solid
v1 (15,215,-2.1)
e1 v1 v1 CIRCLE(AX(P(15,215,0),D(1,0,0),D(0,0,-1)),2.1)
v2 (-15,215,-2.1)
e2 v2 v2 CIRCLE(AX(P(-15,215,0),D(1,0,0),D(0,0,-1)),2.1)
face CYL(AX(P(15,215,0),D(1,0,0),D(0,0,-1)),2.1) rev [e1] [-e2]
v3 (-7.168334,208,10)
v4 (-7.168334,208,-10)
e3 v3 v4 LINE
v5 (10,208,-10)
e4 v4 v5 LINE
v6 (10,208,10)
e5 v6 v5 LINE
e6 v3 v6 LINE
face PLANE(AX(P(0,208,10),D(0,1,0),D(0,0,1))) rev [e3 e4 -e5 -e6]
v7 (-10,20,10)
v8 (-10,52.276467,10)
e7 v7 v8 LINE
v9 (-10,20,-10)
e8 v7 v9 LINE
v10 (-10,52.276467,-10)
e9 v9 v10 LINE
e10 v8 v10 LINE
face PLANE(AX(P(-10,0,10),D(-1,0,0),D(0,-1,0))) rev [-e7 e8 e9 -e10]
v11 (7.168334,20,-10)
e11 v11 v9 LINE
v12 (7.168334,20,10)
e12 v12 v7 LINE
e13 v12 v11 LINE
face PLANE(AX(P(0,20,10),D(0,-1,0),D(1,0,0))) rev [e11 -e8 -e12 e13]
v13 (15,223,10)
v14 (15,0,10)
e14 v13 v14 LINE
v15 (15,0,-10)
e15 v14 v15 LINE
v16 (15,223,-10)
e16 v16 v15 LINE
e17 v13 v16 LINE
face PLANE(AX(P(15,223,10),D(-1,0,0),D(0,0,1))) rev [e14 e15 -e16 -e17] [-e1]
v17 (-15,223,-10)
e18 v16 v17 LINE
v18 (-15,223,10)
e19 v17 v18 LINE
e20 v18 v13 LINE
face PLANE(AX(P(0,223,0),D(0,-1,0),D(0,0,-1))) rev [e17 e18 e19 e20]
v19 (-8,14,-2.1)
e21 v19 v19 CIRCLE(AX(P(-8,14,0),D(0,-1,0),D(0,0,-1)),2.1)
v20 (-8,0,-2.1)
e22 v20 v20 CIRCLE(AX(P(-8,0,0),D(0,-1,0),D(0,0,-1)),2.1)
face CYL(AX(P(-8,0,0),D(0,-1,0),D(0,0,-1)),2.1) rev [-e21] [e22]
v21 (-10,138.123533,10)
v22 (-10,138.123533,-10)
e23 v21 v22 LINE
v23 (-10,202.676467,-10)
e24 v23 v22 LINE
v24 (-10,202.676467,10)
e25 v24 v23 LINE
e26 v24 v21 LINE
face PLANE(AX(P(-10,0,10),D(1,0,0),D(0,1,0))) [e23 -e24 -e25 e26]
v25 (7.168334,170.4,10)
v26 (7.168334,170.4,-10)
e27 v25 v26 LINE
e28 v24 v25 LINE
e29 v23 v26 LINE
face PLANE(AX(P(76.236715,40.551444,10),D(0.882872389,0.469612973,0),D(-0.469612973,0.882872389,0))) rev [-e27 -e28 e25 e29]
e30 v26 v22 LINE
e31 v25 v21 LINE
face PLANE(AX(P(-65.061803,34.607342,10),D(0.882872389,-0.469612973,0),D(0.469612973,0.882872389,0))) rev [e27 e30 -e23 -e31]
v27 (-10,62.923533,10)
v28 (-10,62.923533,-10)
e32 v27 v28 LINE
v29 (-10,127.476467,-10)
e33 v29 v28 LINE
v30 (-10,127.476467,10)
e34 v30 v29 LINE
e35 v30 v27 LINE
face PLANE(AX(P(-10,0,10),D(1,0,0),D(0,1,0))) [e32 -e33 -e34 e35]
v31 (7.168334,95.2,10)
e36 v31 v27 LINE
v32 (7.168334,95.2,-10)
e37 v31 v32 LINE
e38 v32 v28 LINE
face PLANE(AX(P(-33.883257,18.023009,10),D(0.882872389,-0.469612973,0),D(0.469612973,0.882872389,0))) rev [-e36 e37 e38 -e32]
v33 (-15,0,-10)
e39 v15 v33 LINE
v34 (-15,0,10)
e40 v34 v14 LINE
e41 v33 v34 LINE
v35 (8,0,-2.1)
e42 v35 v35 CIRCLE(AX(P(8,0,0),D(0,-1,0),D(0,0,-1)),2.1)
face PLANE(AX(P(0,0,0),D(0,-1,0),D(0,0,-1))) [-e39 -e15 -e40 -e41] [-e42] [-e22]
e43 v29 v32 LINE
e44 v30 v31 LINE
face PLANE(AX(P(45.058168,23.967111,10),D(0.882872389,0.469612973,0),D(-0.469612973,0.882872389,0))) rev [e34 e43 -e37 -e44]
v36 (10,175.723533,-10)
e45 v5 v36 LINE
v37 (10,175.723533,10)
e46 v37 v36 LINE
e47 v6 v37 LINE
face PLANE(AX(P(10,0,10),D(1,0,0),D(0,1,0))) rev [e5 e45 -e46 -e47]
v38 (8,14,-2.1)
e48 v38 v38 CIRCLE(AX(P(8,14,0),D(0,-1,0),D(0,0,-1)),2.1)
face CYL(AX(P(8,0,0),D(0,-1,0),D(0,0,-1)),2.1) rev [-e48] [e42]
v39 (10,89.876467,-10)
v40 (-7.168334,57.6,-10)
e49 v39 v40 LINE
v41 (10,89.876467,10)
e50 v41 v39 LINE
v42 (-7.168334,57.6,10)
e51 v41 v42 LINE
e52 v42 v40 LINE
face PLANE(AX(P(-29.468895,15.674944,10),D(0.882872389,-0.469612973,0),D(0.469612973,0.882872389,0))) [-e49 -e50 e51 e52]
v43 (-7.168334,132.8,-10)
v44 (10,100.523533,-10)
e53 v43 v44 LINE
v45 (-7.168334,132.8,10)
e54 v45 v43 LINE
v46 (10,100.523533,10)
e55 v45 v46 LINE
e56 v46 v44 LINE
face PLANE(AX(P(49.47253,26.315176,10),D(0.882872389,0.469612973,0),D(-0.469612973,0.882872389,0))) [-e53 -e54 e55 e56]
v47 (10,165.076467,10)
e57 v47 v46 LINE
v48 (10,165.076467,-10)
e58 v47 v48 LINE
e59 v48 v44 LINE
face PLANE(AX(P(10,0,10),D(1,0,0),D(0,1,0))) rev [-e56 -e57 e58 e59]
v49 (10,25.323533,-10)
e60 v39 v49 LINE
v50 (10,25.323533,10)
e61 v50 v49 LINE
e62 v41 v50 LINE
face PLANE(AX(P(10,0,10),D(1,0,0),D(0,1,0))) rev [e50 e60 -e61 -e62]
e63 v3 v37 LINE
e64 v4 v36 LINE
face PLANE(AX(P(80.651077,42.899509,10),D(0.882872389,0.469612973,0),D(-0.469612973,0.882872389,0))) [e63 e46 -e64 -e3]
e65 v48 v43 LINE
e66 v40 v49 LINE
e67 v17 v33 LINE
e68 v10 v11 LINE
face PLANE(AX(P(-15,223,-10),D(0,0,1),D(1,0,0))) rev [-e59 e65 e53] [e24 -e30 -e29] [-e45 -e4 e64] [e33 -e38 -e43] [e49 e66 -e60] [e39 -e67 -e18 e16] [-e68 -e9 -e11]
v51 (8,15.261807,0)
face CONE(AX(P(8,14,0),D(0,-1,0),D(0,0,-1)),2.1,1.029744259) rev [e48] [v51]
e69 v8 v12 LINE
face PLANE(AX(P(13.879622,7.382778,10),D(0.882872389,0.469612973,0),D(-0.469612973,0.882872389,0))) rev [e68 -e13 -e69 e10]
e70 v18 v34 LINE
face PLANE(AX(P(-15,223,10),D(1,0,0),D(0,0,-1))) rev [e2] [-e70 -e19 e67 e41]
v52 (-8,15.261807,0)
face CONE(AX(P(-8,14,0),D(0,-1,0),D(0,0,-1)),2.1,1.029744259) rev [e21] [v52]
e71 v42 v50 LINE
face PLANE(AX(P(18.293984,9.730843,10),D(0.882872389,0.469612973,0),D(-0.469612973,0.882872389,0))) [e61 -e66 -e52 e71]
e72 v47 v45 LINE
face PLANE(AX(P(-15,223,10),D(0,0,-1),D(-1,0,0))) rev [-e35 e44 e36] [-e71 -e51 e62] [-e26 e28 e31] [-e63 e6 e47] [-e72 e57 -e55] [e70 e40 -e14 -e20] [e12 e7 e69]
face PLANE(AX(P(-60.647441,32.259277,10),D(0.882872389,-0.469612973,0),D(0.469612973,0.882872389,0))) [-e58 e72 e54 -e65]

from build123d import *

# Parameters (mm, degrees)
SKETCH_1_W             = 30
SKETCH_1_H             = 20
EXTRUDE_1_DEPTH        = 223
CUT_EXTRUDE_1_DEPTH    = 225.396969677
HOLE_WIZARD_M5_1_D     = 4.2
HOLE_WIZARD_M5_1_DEPTH = 14
HOLE_WIZARD_M5_1_TIP   = 1.2618073
HOLE_WIZARD_M5_2_D     = 4.2


with BuildPart() as part:
    # 草图1 → 凸台-拉伸1 (new body)
    with BuildSketch(Plane(origin=(0, 0, 0), x_dir=(1, 0, 0), z_dir=(0, 1, 0))):
        Rectangle(SKETCH_1_W, SKETCH_1_H)
    extrude(amount=EXTRUDE_1_DEPTH)

    # 草图2 → 切除-拉伸1 (cut, through all)
    with BuildSketch(Plane.XY.offset(-10)):
        Polygon((7.168333691, 20), (-10, 20), (-10, 52.276467338), align=None)
        Polygon((10, 89.876467338), (-7.168333691, 57.6), (10, 25.323532662), align=None)
        Polygon((-10, 127.476467338), (-10, 62.923532662), (7.168333691, 95.2), align=None)
        Polygon((10, 165.076467338), (-7.168333691, 132.8), (10, 100.523532662), align=None)
        Polygon((-10, 202.676467338), (-10, 138.123532662), (7.168333691, 170.4), align=None)
        Polygon((-7.168333691, 208), (10, 208), (10, 175.723532662), align=None)
    extrude(amount=CUT_EXTRUDE_1_DEPTH, mode=Mode.SUBTRACT)

    # M5 螺纹孔1
    with Locations(Plane(origin=(0, 0, 0), x_dir=(-1, 0, 0), z_dir=(0, -1, 0))):
        with Locations((8, 0), (-8, 0)):
            Hole(HOLE_WIZARD_M5_1_D / 2, depth=HOLE_WIZARD_M5_1_DEPTH)
            with Locations((0, 0, -(HOLE_WIZARD_M5_1_DEPTH + HOLE_WIZARD_M5_1_TIP / 2))):  # 118° drill point
                Cone(0, HOLE_WIZARD_M5_1_D / 2, HOLE_WIZARD_M5_1_TIP, mode=Mode.SUBTRACT)

    # M5 螺纹孔2 (through all)
    with Locations(Plane(origin=(15, 0, 0), x_dir=(0, 0, -1), z_dir=(1, 0, 0))):
        with Locations((0, 215)):
            Hole(HOLE_WIZARD_M5_2_D / 2)


solid = part.part
